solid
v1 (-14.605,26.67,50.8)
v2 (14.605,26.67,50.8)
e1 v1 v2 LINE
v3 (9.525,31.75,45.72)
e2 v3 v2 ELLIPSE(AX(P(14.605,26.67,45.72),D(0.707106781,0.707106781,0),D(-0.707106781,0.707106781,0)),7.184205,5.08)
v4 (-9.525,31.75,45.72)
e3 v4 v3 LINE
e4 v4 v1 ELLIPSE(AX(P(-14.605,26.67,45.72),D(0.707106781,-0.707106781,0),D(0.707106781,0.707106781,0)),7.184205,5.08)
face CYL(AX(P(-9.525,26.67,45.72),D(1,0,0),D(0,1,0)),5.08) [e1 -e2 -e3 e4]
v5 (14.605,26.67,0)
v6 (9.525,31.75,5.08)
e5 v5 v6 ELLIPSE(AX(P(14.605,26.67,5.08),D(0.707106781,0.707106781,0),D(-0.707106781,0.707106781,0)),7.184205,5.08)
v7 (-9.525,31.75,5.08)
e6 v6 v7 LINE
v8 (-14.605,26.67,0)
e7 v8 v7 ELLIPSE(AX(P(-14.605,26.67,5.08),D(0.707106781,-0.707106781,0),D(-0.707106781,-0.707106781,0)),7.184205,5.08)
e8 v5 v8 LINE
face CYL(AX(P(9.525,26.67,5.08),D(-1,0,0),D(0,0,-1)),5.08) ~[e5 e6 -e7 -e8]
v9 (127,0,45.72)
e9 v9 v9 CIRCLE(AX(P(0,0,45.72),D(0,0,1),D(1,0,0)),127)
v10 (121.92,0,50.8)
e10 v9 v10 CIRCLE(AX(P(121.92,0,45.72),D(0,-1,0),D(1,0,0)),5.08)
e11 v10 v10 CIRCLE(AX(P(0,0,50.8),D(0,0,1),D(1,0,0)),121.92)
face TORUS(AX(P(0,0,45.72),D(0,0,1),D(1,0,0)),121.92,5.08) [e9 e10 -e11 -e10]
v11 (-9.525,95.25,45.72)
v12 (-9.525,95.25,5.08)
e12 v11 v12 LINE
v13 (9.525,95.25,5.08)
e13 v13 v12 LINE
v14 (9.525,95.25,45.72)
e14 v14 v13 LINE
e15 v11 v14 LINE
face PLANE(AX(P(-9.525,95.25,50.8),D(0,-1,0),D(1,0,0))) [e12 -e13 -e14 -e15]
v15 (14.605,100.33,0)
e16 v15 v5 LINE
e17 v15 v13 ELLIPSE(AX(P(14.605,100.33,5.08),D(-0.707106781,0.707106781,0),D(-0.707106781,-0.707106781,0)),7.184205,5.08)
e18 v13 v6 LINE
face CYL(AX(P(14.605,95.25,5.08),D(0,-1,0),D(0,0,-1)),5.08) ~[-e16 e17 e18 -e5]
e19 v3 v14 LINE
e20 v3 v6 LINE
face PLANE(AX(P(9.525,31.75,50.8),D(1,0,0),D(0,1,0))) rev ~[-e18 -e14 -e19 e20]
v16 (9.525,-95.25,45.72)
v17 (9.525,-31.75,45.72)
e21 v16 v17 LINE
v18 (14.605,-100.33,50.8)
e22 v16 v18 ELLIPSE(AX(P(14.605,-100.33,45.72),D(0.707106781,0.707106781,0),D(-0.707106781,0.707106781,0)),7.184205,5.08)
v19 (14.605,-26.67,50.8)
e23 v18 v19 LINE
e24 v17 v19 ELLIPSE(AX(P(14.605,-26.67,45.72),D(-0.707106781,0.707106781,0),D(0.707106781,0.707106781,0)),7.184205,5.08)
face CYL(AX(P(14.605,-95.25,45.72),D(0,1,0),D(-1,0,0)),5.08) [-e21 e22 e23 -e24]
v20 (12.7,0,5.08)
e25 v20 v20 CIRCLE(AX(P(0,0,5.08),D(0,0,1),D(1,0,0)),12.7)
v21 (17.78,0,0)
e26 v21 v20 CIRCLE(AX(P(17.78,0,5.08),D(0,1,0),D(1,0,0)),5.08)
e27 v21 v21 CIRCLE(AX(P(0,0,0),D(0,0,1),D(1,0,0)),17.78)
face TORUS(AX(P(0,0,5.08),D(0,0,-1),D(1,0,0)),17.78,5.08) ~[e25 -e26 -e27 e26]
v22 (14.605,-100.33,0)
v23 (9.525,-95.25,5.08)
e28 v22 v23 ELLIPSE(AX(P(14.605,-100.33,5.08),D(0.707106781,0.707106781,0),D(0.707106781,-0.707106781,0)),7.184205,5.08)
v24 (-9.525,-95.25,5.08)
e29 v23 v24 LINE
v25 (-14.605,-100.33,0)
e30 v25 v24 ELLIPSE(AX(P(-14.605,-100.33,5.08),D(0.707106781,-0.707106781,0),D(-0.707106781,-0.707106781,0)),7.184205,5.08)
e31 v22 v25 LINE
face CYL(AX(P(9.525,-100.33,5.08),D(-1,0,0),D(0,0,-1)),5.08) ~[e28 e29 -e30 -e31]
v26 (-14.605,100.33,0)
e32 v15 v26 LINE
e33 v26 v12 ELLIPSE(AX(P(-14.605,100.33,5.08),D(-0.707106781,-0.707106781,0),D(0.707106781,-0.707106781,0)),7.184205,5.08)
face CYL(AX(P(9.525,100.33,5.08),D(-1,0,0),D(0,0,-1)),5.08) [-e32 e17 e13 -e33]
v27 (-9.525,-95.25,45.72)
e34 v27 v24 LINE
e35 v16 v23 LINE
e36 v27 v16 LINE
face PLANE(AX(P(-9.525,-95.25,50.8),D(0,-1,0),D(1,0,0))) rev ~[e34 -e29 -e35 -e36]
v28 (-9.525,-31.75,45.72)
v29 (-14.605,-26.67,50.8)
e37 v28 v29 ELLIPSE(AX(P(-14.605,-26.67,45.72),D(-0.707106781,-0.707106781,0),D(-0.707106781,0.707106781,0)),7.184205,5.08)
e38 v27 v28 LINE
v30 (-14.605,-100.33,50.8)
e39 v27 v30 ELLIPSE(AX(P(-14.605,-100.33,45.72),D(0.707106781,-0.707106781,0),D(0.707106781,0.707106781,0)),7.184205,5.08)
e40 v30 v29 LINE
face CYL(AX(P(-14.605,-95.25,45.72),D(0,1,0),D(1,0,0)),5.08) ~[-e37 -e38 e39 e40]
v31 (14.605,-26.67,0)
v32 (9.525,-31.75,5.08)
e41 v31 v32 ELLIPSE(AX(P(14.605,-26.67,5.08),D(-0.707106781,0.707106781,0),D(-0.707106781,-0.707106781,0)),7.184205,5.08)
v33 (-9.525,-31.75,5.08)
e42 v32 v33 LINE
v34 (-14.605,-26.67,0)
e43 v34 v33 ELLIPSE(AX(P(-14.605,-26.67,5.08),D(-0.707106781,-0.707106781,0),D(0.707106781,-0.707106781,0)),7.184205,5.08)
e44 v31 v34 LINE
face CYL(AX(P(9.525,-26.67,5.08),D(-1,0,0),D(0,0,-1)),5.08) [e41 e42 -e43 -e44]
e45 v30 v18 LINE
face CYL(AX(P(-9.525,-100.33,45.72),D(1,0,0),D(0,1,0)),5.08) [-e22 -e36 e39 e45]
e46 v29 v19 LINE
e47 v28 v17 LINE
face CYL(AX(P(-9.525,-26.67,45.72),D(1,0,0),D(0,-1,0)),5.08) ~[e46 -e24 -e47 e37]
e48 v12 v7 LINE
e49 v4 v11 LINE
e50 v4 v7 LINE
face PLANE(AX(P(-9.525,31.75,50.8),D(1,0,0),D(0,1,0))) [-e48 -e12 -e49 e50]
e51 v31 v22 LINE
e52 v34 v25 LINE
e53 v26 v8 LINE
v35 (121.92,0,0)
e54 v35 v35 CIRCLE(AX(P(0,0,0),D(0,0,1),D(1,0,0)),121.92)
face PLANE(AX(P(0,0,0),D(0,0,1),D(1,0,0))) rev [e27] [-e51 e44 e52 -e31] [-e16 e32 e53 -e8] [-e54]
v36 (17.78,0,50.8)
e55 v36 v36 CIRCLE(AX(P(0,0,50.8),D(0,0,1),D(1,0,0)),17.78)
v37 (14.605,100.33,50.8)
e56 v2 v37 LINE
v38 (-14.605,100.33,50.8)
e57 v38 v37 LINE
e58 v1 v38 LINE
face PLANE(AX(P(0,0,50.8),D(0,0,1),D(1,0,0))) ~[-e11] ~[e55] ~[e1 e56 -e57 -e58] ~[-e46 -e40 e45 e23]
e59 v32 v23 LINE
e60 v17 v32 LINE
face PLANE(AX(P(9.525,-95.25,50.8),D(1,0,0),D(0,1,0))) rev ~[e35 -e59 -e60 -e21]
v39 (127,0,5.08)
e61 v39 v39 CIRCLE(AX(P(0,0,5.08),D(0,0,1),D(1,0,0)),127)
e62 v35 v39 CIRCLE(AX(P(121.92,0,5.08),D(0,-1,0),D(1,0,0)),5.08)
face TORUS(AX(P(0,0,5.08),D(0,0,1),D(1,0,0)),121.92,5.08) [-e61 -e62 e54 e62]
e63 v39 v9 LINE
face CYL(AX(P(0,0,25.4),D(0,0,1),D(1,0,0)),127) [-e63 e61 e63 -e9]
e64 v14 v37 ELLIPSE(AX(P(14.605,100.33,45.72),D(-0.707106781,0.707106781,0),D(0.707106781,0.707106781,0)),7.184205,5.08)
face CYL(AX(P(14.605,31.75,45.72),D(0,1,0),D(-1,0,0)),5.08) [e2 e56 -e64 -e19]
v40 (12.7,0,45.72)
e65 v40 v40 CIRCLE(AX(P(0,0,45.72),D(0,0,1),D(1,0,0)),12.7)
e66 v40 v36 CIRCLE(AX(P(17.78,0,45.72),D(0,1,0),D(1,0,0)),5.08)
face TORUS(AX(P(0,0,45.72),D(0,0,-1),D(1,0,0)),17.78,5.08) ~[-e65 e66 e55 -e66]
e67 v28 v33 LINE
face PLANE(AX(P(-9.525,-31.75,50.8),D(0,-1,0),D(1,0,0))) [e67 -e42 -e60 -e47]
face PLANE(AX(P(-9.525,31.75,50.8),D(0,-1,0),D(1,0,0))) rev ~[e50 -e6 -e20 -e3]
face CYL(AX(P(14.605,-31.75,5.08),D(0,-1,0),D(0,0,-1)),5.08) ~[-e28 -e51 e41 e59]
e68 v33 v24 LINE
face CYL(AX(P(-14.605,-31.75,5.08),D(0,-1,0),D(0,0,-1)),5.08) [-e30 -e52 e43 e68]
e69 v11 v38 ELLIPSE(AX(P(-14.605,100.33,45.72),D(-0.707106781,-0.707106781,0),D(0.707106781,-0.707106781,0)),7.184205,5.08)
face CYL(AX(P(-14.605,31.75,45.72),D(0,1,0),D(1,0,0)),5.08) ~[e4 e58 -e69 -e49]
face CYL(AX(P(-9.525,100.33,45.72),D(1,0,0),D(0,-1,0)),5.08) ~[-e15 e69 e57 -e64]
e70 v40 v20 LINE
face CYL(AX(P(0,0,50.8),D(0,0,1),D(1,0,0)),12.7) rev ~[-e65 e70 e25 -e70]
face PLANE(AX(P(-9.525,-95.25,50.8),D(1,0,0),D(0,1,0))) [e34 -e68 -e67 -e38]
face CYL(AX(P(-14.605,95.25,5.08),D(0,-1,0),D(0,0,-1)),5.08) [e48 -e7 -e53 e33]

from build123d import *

# Parameters (mm, degrees)
F0_W     = 127
F0_H     = 50.8
F2_W     = 19.05
F2_H     = 63.5
F3_DEPTH = 50.801
F4_R     = 12.7
F5_DEPTH = 50.801
F6_R     = 5.08


with BuildPart() as f1:
    # F0 (on Front) → F1 (revolve)
    with BuildSketch(Plane.XZ):
        with Locations((63.5, 25.4)):
            Rectangle(F0_W, F0_H)
    revolve(axis=Axis((0, 0, 25.4), (0, 0, 1)))

    # F2 (on face) → F3 (cut, through all)
    with BuildSketch(Plane.XY.offset(50.8)):
        with Locations((0, 63.5)):
            Rectangle(F2_W, F2_H)
        with Locations((0, -63.5)):
            Rectangle(F2_W, F2_H)
    extrude(amount=-F3_DEPTH, mode=Mode.SUBTRACT)

    # F4 (on face) → F5 (cut, through all)
    with BuildSketch(Plane.XY.offset(50.8)):
        Circle(F4_R)
    extrude(amount=-F5_DEPTH, mode=Mode.SUBTRACT)

    # F6
    f6_edges = [f1.edges().sort_by_distance(p)[0] for p in [
        (-127, 0, 50.8),
        (9.525, -63.5, 50.8),
        (0, -95.25, 50.8),
        (-9.525, -63.5, 50.8),
        (0, -31.75, 50.8),
        (-12.7, 0, 50.8),
        (0, 95.25, 50.8),
        (9.525, 63.5, 50.8),
        (-9.525, 63.5, 50.8),
        (0, 31.75, 50.8),
        (-127, 0, 0),
        (9.525, -63.5, 0),
        (0, -95.25, 0),
        (-9.525, -63.5, 0),
        (0, -31.75, 0),
        (-12.7, 0, 0),
        (0, 31.75, 0),
        (9.525, 63.5, 0),
        (-9.525, 63.5, 0),
        (0, 95.25, 0),
    ]]
    fillet(f6_edges, radius=F6_R)


solid = f1.part
